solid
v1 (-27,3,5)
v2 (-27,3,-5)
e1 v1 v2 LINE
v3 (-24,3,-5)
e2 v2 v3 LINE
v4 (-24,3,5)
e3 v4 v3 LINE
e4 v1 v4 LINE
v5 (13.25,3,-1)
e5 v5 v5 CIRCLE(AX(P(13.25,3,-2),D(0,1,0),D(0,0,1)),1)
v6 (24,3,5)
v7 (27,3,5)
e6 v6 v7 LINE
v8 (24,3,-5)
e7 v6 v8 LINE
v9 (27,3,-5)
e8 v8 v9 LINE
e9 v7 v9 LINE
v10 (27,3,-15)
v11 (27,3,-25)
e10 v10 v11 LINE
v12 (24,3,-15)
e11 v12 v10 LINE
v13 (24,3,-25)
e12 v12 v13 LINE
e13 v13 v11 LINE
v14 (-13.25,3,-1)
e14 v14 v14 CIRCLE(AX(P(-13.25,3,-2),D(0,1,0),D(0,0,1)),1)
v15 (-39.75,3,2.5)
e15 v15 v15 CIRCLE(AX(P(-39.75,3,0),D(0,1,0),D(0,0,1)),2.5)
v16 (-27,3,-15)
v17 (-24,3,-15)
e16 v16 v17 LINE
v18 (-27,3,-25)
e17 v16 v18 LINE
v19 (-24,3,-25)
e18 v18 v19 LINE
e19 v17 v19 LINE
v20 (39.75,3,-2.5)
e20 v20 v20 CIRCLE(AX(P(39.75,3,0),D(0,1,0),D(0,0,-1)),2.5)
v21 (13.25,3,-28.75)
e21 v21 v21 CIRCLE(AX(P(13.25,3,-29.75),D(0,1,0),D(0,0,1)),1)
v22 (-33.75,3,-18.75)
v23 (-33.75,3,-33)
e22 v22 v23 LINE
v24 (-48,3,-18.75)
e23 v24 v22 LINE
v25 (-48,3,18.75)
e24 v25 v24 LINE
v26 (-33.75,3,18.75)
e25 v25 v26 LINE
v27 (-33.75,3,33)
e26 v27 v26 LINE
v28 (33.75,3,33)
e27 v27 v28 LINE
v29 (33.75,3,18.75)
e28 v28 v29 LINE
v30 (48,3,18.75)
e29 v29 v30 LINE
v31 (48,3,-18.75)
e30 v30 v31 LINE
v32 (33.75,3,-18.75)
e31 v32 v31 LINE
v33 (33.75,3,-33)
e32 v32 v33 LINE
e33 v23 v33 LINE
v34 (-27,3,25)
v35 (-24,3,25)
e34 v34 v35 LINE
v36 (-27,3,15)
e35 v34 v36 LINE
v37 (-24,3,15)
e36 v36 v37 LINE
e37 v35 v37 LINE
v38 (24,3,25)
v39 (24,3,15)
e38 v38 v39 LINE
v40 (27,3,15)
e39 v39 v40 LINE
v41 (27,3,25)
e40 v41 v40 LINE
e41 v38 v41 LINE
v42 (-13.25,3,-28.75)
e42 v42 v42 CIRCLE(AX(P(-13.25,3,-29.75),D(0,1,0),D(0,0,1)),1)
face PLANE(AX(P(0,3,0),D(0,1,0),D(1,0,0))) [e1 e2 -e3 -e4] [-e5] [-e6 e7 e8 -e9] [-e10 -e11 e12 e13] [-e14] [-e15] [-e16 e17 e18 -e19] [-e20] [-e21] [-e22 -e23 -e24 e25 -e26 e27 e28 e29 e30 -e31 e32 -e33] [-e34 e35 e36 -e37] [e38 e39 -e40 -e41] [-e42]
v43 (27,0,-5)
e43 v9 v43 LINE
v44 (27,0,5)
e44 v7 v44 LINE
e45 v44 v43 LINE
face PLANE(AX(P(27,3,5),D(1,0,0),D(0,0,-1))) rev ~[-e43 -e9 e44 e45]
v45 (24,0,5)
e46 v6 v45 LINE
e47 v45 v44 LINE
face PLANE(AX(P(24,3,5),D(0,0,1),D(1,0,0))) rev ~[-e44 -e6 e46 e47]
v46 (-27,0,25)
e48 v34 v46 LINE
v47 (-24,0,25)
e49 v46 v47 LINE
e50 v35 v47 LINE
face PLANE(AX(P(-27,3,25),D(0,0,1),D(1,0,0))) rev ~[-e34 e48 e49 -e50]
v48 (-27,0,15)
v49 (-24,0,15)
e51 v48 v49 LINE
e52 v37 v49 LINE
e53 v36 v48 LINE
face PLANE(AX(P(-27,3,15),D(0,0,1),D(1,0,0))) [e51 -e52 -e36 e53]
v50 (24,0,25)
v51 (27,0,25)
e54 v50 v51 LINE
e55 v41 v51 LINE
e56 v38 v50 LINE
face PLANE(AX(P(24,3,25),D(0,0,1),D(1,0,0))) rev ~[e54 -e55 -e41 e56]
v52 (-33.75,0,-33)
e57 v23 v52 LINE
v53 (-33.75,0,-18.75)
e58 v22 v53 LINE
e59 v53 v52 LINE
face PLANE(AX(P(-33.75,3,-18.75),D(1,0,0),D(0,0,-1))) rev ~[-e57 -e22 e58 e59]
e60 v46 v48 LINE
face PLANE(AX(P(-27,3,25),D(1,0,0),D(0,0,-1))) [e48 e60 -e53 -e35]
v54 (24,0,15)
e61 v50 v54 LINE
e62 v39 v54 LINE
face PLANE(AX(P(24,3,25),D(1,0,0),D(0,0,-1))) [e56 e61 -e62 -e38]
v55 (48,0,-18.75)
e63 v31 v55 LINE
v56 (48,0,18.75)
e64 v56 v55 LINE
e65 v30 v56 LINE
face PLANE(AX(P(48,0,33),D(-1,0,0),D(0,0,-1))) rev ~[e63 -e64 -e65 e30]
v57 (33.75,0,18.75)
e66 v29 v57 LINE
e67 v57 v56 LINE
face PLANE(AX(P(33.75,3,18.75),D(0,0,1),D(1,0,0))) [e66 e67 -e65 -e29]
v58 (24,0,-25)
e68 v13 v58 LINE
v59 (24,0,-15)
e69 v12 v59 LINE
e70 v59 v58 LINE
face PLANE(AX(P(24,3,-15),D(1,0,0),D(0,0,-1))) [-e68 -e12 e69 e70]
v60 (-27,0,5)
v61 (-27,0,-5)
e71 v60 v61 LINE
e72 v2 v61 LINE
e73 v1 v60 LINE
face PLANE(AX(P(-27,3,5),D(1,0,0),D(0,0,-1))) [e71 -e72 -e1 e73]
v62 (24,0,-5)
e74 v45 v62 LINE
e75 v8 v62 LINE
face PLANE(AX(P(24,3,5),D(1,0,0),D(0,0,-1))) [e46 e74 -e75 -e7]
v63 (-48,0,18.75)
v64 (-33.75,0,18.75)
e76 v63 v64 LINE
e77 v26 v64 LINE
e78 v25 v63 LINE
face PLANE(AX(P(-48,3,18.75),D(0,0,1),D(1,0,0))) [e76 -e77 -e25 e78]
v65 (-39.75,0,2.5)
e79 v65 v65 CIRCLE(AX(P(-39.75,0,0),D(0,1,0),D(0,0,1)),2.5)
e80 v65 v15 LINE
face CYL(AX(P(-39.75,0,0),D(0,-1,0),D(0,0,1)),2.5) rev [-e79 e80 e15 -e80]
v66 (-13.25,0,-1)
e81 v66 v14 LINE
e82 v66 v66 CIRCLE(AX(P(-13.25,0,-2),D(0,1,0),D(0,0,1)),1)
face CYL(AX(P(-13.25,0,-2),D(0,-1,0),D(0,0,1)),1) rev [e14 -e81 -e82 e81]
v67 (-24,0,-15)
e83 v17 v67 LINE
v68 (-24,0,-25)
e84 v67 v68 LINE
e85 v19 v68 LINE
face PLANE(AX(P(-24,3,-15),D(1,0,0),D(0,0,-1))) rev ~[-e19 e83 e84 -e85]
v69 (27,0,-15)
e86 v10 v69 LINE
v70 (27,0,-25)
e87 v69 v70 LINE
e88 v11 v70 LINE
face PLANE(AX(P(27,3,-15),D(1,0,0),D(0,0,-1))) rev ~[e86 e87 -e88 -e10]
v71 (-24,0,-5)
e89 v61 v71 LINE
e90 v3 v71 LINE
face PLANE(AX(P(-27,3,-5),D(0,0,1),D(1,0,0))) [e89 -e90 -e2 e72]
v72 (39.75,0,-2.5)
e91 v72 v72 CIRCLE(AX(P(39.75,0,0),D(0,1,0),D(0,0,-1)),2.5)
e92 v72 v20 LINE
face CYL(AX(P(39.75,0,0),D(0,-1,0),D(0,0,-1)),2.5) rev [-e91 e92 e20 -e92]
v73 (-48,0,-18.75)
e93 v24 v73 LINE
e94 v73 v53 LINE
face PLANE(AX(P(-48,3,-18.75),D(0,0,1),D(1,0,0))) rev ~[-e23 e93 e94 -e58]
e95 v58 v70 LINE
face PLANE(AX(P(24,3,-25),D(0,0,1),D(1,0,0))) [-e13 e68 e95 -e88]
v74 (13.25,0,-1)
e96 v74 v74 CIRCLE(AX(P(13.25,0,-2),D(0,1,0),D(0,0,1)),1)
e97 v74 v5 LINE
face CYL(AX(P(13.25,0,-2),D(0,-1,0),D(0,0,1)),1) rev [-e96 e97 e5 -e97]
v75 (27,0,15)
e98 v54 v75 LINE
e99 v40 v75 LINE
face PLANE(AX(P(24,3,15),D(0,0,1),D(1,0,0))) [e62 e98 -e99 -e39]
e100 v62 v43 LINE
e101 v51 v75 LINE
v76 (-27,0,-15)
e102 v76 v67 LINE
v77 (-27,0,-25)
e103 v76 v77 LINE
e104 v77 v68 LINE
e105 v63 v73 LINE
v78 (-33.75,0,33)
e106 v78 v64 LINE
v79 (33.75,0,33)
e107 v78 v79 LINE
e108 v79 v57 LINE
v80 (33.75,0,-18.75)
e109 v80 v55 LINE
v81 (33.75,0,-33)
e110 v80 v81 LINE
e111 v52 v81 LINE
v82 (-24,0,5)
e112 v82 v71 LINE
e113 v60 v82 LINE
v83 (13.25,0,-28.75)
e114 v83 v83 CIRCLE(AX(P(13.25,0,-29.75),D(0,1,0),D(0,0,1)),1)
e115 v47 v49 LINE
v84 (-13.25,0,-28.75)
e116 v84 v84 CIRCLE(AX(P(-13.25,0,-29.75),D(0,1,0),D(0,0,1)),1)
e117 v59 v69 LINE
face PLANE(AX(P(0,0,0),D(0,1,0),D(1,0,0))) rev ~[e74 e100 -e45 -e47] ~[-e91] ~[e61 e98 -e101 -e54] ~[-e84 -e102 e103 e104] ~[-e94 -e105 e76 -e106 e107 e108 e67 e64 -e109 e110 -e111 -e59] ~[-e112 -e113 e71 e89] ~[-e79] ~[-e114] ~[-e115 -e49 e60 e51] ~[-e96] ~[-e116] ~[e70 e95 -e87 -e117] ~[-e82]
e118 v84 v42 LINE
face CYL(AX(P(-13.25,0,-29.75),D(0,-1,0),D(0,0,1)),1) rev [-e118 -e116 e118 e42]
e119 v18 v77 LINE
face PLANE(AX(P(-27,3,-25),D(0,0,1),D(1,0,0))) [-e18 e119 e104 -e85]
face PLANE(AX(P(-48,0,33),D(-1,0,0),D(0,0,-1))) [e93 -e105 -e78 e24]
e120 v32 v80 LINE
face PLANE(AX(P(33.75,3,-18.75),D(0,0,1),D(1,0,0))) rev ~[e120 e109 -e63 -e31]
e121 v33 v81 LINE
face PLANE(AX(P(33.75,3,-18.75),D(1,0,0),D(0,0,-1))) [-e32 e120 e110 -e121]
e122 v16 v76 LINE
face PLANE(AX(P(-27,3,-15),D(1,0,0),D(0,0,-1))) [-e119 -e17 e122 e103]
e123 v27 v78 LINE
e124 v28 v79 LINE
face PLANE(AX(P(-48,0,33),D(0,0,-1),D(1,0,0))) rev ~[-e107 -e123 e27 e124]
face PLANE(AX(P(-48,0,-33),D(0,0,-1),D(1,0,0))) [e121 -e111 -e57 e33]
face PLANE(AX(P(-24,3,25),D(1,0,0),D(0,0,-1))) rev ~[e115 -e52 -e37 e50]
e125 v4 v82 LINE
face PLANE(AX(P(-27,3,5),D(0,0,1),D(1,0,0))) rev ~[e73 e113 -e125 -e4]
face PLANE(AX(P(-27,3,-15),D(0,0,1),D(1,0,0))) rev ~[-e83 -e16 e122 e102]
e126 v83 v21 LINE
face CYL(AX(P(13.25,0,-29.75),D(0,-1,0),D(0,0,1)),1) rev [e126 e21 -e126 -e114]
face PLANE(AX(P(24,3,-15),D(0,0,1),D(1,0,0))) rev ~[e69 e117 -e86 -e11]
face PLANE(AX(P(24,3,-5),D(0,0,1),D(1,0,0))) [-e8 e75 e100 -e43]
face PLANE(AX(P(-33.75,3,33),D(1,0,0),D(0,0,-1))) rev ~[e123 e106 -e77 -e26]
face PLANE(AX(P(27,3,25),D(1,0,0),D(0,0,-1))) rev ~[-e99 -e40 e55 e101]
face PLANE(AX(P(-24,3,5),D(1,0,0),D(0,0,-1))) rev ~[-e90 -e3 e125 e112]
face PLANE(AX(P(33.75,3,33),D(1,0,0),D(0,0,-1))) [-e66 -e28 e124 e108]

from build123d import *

# Parameters (mm, degrees)
SKETCH1_W           = 96
SKETCH1_H           = 66
SKETCH1_R           = 2.5
SKETCH1_R_2         = 1
BOSS_EXTRUDE1_DEPTH = 3
SKETCH2_W           = 14.25
SKETCH2_H           = 14.25
SKETCH2_W_2         = 3
SKETCH2_H_2         = 10
CUT_EXTRUDE1_DEPTH  = 3


with BuildPart() as part:
    # Sketch1 → Boss-Extrude1 (new body)
    with BuildSketch(Plane(origin=(0, 0, 0), x_dir=(1, 0, 0), z_dir=(0, 1, 0))):
        Rectangle(SKETCH1_W, SKETCH1_H)
        with Locations(Location((-39.75, 0, 0), (0, 0, 270))):
            Circle(SKETCH1_R, mode=Mode.SUBTRACT)
        with Locations(Location((39.75, 0, 0), (0, 0, 90))):
            Circle(SKETCH1_R, mode=Mode.SUBTRACT)
        with Locations(Location((-13.25, 29.75, 0), (0, 0, 270))):
            Circle(SKETCH1_R_2, mode=Mode.SUBTRACT)
        with Locations(Location((-13.25, 2, 0), (0, 0, 270))):
            Circle(SKETCH1_R_2, mode=Mode.SUBTRACT)
        with Locations(Location((13.25, 2, 0), (0, 0, 270))):
            Circle(SKETCH1_R_2, mode=Mode.SUBTRACT)
        with Locations(Location((13.25, 29.75, 0), (0, 0, 270))):
            Circle(SKETCH1_R_2, mode=Mode.SUBTRACT)
    extrude(amount=BOSS_EXTRUDE1_DEPTH)

    # Sketch2 → Cut-Extrude1 (cut)
    with BuildSketch(Plane(origin=(0, 3, 0), x_dir=(1, 0, 0), z_dir=(0, 1, 0))):
        with Locations((40.875, 25.875)):
            Rectangle(SKETCH2_W, SKETCH2_H)
        with Locations((-40.875, 25.875)):
            Rectangle(SKETCH2_W, SKETCH2_H)
        with Locations((40.875, -25.875)):
            Rectangle(SKETCH2_W, SKETCH2_H)
        with Locations((-40.875, -25.875)):
            Rectangle(SKETCH2_W, SKETCH2_H)
        with Locations((-25.5, -20)):
            Rectangle(SKETCH2_W_2, SKETCH2_H_2)
        with Locations((-25.5, 0)):
            Rectangle(SKETCH2_W_2, SKETCH2_H_2)
        with Locations((-25.5, 20)):
            Rectangle(SKETCH2_W_2, SKETCH2_H_2)
        with Locations((25.5, 20)):
            Rectangle(SKETCH2_W_2, SKETCH2_H_2)
        with Locations((25.5, -20)):
            Rectangle(SKETCH2_W_2, SKETCH2_H_2)
        with Locations((25.5, 0)):
            Rectangle(SKETCH2_W_2, SKETCH2_H_2)
    extrude(amount=-CUT_EXTRUDE1_DEPTH, mode=Mode.SUBTRACT)


solid = part.part
